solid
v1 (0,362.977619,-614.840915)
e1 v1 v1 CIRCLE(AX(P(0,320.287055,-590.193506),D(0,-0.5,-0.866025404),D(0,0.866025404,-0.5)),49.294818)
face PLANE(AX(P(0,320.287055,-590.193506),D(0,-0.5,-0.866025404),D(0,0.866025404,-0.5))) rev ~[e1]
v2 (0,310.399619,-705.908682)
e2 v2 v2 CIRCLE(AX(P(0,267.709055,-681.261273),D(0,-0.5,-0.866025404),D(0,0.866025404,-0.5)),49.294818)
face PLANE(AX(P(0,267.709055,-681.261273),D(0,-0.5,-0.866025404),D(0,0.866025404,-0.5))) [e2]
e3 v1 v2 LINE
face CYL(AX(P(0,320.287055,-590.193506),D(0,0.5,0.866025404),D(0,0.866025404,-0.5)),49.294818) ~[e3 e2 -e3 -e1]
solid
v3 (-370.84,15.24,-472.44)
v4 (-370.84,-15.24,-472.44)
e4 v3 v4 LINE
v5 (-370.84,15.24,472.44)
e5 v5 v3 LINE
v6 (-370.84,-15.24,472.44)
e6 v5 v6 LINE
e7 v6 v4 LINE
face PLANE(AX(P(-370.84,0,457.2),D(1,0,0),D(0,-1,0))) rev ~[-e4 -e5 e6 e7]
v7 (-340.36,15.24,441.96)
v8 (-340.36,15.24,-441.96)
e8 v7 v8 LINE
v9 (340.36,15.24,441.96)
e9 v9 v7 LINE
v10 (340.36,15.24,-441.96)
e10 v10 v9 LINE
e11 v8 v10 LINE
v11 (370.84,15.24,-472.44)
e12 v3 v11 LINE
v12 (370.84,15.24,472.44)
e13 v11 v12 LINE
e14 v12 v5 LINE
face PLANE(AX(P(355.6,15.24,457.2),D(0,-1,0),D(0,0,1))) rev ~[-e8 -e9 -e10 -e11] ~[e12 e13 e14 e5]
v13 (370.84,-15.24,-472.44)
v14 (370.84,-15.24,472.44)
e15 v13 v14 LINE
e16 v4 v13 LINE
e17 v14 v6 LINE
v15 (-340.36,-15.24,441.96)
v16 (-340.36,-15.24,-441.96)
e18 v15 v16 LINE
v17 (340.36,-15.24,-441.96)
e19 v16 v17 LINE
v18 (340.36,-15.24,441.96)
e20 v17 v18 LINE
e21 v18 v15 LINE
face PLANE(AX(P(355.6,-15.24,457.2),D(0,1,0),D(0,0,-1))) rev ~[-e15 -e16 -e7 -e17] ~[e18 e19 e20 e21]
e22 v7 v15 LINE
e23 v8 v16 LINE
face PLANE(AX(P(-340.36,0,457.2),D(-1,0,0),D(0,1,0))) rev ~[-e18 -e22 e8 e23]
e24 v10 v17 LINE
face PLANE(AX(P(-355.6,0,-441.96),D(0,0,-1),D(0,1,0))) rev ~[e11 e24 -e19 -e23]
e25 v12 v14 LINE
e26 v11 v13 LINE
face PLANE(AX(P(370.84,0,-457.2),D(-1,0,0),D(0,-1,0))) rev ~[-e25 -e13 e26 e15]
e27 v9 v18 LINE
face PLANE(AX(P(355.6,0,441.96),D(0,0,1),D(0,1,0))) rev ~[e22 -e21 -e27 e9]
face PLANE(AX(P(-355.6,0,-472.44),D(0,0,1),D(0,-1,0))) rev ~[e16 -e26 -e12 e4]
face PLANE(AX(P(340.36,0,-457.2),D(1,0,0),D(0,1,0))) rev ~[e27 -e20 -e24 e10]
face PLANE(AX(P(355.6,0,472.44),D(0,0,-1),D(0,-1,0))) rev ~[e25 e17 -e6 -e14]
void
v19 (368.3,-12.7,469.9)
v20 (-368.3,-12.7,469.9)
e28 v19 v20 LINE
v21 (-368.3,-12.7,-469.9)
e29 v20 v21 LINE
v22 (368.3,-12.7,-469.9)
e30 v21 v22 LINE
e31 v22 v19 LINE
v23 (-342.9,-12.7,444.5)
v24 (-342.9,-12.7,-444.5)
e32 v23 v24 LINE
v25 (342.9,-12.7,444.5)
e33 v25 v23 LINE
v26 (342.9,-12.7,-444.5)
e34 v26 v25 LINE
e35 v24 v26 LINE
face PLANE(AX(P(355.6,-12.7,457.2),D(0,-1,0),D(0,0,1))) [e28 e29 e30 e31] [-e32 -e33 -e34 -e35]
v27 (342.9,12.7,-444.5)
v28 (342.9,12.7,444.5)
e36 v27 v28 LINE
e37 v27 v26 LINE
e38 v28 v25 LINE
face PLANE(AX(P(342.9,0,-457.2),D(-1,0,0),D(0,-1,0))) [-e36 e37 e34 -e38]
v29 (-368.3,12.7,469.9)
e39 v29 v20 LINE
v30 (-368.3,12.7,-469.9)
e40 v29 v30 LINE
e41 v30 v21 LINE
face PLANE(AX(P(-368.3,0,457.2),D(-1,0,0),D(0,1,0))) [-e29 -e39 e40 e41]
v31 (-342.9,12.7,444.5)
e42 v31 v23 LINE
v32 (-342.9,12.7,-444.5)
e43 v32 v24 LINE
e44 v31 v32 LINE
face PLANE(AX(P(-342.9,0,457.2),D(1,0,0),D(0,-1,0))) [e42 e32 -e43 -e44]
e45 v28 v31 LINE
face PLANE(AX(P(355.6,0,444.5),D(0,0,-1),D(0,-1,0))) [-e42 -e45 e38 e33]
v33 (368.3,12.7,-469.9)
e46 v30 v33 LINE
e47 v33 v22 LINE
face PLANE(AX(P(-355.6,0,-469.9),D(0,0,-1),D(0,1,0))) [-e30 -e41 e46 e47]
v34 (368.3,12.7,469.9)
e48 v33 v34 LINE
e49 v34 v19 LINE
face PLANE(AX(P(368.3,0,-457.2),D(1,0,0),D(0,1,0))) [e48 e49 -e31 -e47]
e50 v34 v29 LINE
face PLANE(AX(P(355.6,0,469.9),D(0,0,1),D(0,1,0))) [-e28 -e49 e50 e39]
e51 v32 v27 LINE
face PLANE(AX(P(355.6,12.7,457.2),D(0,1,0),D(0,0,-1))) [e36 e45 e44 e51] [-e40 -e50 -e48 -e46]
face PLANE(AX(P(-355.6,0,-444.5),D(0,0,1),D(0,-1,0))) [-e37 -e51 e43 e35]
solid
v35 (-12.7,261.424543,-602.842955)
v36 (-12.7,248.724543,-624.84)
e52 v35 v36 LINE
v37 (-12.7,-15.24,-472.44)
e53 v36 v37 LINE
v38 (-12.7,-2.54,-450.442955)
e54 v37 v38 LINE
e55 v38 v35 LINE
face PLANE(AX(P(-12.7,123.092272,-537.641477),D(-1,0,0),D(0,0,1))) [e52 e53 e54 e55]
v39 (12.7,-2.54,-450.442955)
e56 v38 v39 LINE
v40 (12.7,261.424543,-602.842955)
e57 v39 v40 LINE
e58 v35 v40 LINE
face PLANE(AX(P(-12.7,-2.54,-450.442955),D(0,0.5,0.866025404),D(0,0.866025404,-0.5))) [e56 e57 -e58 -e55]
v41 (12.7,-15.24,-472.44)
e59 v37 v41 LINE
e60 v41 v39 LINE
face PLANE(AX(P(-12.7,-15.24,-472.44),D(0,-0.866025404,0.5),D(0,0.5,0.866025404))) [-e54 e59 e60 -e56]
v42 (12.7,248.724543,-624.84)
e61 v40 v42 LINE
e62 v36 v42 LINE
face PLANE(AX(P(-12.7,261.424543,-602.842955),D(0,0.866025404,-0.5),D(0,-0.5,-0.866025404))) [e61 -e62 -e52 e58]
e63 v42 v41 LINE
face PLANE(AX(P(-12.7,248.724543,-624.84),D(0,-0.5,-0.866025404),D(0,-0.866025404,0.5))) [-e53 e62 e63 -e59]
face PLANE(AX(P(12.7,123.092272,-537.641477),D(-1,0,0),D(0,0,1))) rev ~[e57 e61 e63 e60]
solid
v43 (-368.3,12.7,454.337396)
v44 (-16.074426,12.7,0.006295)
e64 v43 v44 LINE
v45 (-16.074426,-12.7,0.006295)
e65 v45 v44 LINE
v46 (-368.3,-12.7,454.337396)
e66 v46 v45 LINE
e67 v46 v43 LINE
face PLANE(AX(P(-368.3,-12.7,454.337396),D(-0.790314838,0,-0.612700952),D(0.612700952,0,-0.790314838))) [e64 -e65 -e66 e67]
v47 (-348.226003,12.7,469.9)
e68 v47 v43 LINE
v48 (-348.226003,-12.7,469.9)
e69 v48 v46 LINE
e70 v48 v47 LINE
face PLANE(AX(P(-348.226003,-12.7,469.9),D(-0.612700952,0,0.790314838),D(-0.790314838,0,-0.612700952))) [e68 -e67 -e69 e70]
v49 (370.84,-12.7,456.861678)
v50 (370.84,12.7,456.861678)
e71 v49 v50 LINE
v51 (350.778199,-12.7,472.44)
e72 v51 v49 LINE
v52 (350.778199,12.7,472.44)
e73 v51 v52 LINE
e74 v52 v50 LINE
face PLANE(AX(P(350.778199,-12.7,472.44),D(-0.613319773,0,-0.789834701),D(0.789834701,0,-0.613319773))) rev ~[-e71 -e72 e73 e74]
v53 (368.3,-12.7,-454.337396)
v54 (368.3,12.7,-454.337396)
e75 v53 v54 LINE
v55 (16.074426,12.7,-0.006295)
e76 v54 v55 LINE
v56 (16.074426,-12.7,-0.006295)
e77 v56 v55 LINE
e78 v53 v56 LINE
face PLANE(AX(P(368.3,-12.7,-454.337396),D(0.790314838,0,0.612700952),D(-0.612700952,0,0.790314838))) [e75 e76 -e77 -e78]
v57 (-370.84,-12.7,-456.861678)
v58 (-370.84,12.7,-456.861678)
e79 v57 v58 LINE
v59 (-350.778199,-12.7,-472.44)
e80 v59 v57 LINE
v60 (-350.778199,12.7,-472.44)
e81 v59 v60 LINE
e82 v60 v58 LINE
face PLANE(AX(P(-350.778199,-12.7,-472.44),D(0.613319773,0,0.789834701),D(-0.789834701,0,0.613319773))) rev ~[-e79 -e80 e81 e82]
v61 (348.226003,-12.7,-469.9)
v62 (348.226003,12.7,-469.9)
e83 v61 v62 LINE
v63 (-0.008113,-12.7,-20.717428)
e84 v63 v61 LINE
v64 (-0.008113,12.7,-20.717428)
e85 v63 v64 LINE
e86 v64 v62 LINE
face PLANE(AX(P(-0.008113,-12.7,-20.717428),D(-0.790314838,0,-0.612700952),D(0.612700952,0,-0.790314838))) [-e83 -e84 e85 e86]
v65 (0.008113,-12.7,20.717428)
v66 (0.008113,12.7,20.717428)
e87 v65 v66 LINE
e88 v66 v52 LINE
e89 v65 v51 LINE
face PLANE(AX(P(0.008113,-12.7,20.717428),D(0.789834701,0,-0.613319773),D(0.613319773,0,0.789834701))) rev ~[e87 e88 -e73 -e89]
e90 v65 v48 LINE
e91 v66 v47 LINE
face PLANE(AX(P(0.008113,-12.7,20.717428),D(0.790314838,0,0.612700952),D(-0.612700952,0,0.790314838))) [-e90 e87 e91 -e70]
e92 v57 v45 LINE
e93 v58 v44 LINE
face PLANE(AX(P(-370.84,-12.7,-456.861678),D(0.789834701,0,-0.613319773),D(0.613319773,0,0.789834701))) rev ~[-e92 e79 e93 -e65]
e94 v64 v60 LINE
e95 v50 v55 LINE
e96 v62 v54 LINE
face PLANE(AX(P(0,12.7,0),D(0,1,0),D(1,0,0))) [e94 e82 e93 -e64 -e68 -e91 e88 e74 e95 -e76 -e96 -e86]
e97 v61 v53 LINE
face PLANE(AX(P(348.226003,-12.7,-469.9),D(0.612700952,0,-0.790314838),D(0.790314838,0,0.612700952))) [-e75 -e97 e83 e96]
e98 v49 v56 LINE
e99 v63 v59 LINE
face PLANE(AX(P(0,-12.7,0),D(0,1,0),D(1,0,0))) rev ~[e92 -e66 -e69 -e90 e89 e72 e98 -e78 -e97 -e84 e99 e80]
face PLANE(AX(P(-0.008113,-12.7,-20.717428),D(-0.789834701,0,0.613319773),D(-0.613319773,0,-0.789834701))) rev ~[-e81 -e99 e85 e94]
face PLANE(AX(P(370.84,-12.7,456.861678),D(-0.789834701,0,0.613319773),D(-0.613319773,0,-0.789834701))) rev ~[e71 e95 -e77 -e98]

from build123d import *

# Parameters (mm, degrees)
SKETCH1_W                 = 30.48
SKETCH1_H                 = 30.48
SKETCH1_W_2               = 25.4
SKETCH1_H_2               = 25.4
BOSS_EXTRUDE3_DEPTH       = 12.7
BOSS_EXTRUDE3_DEPTH_BACK  = 12.7
BOSS_EXTRUDE13_DEPTH      = 12.7
BOSS_EXTRUDE13_DEPTH_BACK = 12.7
BOSS_EXTRUDE14_DEPTH      = 39.37
BOSS_EXTRUDE14_DEPTH_BACK = 65.786
SKETCH7_R                 = 49.294817714


with BuildPart() as part:
    # Sweep1: sweep along a path in Sketch3
    with BuildLine(Plane(origin=(0, 0, 0), x_dir=(1, 0, 0), z_dir=(0, 1, 0))) as sweep1_path:
        Line((355.6, -457.2), (-355.6, -457.2))
        Line((-355.6, -457.2), (-355.6, 457.2))
        Line((-355.6, 457.2), (355.6, 457.2))
        Line((355.6, 457.2), (355.6, -457.2))
    # Sketch1 → Sweep1 (sweep)
    with BuildSketch(Plane.XY):
        with Locations((-355.6, 0)):
            Rectangle(SKETCH1_W, SKETCH1_H)
        with Locations((-355.6, 0)):
            Rectangle(SKETCH1_W_2, SKETCH1_H_2, mode=Mode.SUBTRACT)
    sweep(path=sweep1_path.line, transition=Transition.RIGHT)


with BuildPart() as body_2:
    # Sketch4 → Boss-Extrude3 (new, two sides: drawn at the far end of the back side and taken through both)
    with BuildSketch(Plane(origin=(0, 0, 0), x_dir=(1, 0, 0), z_dir=(0, 1, 0)).offset(-BOSS_EXTRUDE3_DEPTH_BACK)):
        Polygon((-370.84, 456.861677756), (350.778198584, -472.44), (370.84, -456.861677756), (-350.778198584, 472.44), align=None)
        Polygon((-368.3, -454.337395821), (348.226003109, 469.9), (368.3, 454.337395821), (-348.226003109, -469.9), align=None)
    extrude(amount=BOSS_EXTRUDE3_DEPTH + BOSS_EXTRUDE3_DEPTH_BACK)


with BuildPart() as body_3:
    # Sketch5 → Boss-Extrude13 (new, two sides: drawn at the far end of the back side and taken through both)
    with BuildSketch(Plane(origin=(0, 0, 0), x_dir=(0, 0, -1), z_dir=(1, 0, 0)).offset(-BOSS_EXTRUDE13_DEPTH_BACK)):
        Polygon((624.84, 248.724543073), (472.44, -15.24), (450.442954744, -2.54), (602.842954744, 261.424543073), align=None)
    extrude(amount=BOSS_EXTRUDE13_DEPTH + BOSS_EXTRUDE13_DEPTH_BACK)


with BuildPart() as body_4:
    # Sketch7 → Boss-Extrude14 (new, two sides: drawn at the far end of the back side and taken through both)
    with BuildSketch(Plane(origin=(0, -208.382520882, -360.929113577), x_dir=(-1, 0, 0), z_dir=(0, -0.500000000000001, -0.866025403784438)).offset(-BOSS_EXTRUDE14_DEPTH_BACK)):
        with Locations(Location((0, 572.473478653, 0), (0, 0, 90))):
            Circle(SKETCH7_R)
    extrude(amount=BOSS_EXTRUDE14_DEPTH + BOSS_EXTRUDE14_DEPTH_BACK)


solid = Compound([part.part, body_2.part, body_3.part, body_4.part])
